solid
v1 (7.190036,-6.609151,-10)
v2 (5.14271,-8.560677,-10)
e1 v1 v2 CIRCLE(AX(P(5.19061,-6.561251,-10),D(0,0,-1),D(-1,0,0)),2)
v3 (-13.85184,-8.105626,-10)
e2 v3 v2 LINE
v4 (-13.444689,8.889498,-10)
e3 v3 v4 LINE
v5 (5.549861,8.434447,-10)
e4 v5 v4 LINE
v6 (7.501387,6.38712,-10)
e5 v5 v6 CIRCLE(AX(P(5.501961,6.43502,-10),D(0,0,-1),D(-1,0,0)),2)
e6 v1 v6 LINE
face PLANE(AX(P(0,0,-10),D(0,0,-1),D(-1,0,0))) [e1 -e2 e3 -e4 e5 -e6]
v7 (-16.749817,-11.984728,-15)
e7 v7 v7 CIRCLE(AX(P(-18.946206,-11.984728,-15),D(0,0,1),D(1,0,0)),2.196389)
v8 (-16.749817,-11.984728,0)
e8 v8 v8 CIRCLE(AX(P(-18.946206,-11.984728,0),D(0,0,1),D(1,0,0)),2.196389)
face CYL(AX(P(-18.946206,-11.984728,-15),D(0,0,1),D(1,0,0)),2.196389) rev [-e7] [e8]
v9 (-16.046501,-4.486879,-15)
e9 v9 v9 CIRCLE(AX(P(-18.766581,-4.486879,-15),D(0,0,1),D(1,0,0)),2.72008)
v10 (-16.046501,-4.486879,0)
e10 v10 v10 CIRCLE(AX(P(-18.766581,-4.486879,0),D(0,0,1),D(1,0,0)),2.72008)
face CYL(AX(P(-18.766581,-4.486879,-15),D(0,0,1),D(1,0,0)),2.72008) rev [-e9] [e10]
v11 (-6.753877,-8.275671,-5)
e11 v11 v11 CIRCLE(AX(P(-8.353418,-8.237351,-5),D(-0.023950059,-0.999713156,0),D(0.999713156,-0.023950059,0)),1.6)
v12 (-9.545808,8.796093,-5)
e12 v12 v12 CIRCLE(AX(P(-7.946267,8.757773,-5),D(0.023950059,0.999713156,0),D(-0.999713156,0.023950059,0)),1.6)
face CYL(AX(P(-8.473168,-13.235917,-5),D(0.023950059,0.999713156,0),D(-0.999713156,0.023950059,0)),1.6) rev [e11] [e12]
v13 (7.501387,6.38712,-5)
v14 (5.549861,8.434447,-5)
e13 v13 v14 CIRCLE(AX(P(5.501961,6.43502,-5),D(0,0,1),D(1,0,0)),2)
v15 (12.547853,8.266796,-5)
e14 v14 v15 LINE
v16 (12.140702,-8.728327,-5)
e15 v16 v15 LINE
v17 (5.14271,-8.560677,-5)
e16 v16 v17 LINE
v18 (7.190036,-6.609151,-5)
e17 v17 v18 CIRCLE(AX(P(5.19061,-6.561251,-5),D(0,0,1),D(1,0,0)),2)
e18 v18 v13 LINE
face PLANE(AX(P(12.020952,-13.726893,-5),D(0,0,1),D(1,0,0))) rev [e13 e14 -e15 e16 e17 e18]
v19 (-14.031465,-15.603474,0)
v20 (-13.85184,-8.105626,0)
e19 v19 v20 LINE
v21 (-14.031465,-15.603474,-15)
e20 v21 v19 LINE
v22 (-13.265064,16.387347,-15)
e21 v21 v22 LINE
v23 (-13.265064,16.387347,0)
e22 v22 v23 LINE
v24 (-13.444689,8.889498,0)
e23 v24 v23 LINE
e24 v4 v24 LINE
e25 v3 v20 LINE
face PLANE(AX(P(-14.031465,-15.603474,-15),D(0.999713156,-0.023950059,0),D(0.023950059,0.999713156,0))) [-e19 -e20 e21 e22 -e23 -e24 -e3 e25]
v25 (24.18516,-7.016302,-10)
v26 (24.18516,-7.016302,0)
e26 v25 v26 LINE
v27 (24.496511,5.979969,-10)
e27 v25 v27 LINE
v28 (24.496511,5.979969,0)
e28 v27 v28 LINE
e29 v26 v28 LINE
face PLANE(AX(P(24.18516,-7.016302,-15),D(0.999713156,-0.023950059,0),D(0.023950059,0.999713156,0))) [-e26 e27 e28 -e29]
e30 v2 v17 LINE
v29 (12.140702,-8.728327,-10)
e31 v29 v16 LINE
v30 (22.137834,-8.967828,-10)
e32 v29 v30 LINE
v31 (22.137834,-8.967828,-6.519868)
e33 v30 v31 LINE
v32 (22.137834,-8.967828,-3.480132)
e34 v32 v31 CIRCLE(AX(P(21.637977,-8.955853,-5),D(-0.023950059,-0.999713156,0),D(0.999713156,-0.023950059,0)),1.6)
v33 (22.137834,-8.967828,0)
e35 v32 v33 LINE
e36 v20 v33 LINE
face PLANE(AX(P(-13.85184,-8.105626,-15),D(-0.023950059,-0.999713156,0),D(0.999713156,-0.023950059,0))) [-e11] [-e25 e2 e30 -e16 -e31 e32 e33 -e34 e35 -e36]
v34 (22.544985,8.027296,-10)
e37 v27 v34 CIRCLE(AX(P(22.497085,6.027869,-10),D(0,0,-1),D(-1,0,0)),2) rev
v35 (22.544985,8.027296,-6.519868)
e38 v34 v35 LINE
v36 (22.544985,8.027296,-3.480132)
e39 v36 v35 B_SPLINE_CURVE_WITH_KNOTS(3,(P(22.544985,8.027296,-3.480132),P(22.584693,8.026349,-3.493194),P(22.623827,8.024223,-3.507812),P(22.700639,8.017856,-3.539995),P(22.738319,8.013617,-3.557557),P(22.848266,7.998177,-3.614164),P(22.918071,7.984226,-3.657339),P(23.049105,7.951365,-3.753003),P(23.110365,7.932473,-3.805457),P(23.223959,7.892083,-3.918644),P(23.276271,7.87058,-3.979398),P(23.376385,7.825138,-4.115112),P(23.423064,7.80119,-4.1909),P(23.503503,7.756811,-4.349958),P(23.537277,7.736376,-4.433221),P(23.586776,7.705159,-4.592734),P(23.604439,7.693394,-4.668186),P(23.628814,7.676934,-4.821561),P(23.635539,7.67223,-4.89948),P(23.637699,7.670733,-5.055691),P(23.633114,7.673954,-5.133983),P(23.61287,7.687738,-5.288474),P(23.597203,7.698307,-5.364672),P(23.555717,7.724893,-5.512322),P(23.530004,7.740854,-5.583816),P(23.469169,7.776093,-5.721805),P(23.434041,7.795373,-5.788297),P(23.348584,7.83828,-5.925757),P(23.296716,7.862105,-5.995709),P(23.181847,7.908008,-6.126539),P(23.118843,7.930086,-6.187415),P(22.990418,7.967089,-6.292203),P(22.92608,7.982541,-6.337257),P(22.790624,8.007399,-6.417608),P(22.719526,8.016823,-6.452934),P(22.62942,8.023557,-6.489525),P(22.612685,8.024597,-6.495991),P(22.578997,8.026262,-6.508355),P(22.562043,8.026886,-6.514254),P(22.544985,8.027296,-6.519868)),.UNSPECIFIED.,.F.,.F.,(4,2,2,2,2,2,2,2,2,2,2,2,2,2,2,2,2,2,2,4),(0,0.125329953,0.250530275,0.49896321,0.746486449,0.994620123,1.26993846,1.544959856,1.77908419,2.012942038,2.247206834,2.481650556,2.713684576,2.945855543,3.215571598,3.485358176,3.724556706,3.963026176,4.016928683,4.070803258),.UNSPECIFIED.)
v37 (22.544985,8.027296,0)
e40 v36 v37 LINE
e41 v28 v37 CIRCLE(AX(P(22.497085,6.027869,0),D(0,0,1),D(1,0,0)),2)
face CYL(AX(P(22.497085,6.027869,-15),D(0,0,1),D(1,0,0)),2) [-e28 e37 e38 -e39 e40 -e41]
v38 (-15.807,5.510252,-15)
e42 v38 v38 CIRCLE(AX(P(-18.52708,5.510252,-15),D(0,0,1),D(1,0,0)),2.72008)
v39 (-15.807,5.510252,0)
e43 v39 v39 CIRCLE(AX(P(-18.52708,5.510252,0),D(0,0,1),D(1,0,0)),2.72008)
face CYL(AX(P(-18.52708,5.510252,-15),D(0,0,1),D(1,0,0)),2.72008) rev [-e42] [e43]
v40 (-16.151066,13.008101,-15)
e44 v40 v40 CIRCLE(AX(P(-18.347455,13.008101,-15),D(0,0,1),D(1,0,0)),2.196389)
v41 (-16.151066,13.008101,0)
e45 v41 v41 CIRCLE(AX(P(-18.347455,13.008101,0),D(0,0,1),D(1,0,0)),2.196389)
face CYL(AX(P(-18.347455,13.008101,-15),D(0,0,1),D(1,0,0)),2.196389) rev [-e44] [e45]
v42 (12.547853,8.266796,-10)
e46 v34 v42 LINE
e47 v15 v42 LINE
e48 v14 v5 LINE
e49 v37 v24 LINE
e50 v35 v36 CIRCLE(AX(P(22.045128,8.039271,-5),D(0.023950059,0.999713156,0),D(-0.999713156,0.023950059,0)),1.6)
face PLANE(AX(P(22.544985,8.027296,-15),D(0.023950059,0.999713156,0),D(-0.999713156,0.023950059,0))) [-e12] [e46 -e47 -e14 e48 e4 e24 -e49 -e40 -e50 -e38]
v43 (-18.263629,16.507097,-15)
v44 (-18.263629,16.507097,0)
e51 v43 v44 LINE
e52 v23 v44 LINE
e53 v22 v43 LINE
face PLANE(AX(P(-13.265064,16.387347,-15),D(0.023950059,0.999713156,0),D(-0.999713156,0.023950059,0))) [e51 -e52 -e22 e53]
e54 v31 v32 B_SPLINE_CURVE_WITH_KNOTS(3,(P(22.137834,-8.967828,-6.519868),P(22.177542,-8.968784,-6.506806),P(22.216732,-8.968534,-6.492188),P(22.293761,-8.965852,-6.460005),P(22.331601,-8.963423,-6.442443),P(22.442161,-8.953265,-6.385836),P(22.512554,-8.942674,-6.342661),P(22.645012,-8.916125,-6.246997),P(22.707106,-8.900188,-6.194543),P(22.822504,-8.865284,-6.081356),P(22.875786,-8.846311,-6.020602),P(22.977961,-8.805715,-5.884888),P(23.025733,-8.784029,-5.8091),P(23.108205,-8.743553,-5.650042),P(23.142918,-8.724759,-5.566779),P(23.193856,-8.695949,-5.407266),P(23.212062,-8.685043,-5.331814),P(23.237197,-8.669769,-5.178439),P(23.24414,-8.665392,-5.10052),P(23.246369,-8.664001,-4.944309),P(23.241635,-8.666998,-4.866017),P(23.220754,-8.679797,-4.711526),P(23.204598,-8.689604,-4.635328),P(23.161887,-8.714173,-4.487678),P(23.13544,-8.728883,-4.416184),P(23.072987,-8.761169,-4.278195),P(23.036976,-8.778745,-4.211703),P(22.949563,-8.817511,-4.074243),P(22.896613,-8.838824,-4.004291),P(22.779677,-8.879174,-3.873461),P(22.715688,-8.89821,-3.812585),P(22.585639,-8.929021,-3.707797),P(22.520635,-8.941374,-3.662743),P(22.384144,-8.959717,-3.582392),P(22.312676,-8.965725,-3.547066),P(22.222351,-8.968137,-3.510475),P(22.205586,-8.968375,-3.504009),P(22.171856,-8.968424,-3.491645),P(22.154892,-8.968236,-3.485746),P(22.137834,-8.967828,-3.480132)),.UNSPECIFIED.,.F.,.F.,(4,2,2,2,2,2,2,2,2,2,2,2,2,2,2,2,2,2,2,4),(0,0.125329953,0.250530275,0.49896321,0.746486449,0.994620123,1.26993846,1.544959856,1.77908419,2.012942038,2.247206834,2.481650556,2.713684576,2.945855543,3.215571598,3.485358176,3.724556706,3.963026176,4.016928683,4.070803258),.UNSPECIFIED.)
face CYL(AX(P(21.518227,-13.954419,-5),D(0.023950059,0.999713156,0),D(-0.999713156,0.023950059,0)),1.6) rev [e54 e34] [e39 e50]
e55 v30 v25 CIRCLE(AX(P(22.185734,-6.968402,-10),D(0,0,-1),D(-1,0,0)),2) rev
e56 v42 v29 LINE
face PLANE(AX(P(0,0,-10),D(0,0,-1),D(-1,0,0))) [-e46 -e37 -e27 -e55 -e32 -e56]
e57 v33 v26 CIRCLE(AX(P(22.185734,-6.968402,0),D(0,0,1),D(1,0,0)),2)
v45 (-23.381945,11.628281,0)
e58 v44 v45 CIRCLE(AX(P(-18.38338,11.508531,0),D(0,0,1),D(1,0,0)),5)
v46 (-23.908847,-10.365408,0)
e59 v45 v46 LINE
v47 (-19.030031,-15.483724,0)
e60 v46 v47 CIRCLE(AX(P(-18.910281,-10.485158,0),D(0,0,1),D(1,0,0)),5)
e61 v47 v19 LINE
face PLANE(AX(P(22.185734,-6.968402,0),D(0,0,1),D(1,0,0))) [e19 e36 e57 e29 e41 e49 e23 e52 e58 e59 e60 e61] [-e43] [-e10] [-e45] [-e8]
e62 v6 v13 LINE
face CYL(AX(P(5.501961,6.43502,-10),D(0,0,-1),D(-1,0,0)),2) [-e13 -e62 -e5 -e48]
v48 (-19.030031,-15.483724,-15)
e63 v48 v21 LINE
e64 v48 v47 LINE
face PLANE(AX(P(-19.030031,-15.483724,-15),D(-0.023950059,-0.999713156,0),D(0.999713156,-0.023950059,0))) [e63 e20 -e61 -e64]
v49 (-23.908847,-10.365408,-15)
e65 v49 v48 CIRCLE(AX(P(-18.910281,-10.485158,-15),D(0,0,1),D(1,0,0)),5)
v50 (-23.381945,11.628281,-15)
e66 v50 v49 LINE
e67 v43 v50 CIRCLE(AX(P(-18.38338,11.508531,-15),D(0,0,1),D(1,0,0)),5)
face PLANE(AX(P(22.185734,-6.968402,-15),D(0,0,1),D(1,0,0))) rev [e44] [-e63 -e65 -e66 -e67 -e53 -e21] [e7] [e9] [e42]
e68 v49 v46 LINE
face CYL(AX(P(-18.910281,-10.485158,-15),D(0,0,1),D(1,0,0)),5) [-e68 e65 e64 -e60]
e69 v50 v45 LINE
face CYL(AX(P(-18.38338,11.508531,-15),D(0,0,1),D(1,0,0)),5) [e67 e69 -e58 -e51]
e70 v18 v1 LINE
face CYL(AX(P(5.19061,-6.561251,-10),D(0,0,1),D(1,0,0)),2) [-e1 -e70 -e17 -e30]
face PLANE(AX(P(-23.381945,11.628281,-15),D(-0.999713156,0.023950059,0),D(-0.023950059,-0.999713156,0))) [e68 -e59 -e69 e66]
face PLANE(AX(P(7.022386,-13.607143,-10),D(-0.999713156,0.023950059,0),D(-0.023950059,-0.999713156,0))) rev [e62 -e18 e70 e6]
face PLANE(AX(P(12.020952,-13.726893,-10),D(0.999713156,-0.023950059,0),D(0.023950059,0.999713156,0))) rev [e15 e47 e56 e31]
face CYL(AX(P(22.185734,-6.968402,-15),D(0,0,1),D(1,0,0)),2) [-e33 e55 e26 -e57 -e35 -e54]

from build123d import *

# Parameters (mm, degrees)
EXTRUDE_1_DEPTH     = 15
CUT_EXTRUDE_1_DEPTH = 5
SKETCH_3_R          = 1.6
SKETCH_3_W          = 5
SKETCH_3_H          = 5
CUT_EXTRUDE_2_DEPTH = 22
FILLET_1_R          = 2


with BuildPart() as part:
    # 草图1 → 凸台-拉伸1 (new body)
    with BuildSketch(Plane.XY):
        with BuildLine():
            Line((24.185160084, -7.016301696), (24.496510845, 5.979969335))
            ThreePointArc((24.496510845, 5.979969335), (23.944762934, 7.407806858), (22.544984649, 8.027295764))
            Line((22.544984649, 8.027295764), (-13.444688974, 8.889497871))
            Line((-13.444688974, 8.889497871), (-13.265063535, 16.387346543))
            Line((-13.265063535, 16.387346543), (-18.263629316, 16.507096835))
            ThreePointArc((-18.263629316, 16.507096835), (-21.833223125, 15.127727058), (-23.38194539, 11.628281347))
            Line((-23.38194539, 11.628281347), (-23.908846678, -10.36540809))
            ThreePointArc((-23.908846678, -10.36540809), (-22.5294769, -13.935001898), (-19.030031189, -15.483724163))
            Line((-19.030031189, -15.483724163), (-14.031465408, -15.603474456))
            Line((-14.031465408, -15.603474456), (-13.851839969, -8.105625784))
            Line((-13.851839969, -8.105625784), (22.137833654, -8.967827891))
            ThreePointArc((22.137833654, -8.967827891), (23.565671178, -8.41607998), (24.185160084, -7.016301696))
        make_face()
        with BuildLine():
            ThreePointArc((-16.75044735, -12.037331753), (-18.893602347, -9.788969482), (-21.141964619, -11.93212448))
            ThreePointArc((-21.141964619, -11.93212448), (-18.998809621, -14.180486751), (-16.75044735, -12.037331753))
        make_face(mode=Mode.SUBTRACT)
        with BuildLine():
            ThreePointArc((-16.04728092, -4.552025517), (-18.701434473, -1.76757982), (-21.48588017, -4.421733373))
            ThreePointArc((-21.48588017, -4.421733373), (-18.831726617, -7.20617907), (-16.04728092, -4.552025517))
        make_face(mode=Mode.SUBTRACT)
        with BuildLine():
            ThreePointArc((-15.807780335, 5.445106045), (-18.461933888, 8.229551742), (-21.246379585, 5.575398189))
            ThreePointArc((-21.246379585, 5.575398189), (-18.592226032, 2.790952492), (-15.807780335, 5.445106045))
        make_face(mode=Mode.SUBTRACT)
        with BuildLine():
            ThreePointArc((-16.151695887, 12.955497152), (-18.294850884, 15.203859423), (-20.543213156, 13.060704426))
            ThreePointArc((-20.543213156, 13.060704426), (-18.400058158, 10.812342154), (-16.151695887, 12.955497152))
        make_face(mode=Mode.SUBTRACT)
    extrude(amount=-EXTRUDE_1_DEPTH)

    # 草图2 → 切除-拉伸1 (cut)
    with BuildSketch(Plane(origin=(0, 0, -15), x_dir=(-1, 0, 0), z_dir=(0, 0, -1))):
        Polygon((13.444688974, 8.889497871), (13.851839969, -8.105625784), (-33.415838559, -15.121344773), (-27.379501609, 15.743180277), align=None)
    extrude(amount=-CUT_EXTRUDE_1_DEPTH, mode=Mode.SUBTRACT)

    # 草图3 → 切除-拉伸2 (cut)
    with BuildSketch(Plane(origin=(0.205130979, 8.562490084, 0), x_dir=(0.9997131562086496, -0.02395005852477245, 0), z_dir=(0.02395005852477245, 0.9997131562086496, 0))):
        with Locations(Location((21.846263557, 5, 0), (0, 0, 288.209956864))):
            Circle(SKETCH_3_R)
        with Locations(Location((-8.153736443, 5, 0), (0, 0, 180))):
            Circle(SKETCH_3_R)
        with Locations((9.846263557, 7.5)):
            Rectangle(SKETCH_3_W, SKETCH_3_H)
    extrude(amount=-CUT_EXTRUDE_2_DEPTH, mode=Mode.SUBTRACT)

    # 圆角1
    fillet_1_edges = [part.edges().sort_by_distance(p)[0] for p in [
        (7.142136311, -8.608577013, -7.5),
        (7.549287306, 8.386546642, -7.5),
    ]]
    fillet(fillet_1_edges, radius=FILLET_1_R)


solid = part.part
